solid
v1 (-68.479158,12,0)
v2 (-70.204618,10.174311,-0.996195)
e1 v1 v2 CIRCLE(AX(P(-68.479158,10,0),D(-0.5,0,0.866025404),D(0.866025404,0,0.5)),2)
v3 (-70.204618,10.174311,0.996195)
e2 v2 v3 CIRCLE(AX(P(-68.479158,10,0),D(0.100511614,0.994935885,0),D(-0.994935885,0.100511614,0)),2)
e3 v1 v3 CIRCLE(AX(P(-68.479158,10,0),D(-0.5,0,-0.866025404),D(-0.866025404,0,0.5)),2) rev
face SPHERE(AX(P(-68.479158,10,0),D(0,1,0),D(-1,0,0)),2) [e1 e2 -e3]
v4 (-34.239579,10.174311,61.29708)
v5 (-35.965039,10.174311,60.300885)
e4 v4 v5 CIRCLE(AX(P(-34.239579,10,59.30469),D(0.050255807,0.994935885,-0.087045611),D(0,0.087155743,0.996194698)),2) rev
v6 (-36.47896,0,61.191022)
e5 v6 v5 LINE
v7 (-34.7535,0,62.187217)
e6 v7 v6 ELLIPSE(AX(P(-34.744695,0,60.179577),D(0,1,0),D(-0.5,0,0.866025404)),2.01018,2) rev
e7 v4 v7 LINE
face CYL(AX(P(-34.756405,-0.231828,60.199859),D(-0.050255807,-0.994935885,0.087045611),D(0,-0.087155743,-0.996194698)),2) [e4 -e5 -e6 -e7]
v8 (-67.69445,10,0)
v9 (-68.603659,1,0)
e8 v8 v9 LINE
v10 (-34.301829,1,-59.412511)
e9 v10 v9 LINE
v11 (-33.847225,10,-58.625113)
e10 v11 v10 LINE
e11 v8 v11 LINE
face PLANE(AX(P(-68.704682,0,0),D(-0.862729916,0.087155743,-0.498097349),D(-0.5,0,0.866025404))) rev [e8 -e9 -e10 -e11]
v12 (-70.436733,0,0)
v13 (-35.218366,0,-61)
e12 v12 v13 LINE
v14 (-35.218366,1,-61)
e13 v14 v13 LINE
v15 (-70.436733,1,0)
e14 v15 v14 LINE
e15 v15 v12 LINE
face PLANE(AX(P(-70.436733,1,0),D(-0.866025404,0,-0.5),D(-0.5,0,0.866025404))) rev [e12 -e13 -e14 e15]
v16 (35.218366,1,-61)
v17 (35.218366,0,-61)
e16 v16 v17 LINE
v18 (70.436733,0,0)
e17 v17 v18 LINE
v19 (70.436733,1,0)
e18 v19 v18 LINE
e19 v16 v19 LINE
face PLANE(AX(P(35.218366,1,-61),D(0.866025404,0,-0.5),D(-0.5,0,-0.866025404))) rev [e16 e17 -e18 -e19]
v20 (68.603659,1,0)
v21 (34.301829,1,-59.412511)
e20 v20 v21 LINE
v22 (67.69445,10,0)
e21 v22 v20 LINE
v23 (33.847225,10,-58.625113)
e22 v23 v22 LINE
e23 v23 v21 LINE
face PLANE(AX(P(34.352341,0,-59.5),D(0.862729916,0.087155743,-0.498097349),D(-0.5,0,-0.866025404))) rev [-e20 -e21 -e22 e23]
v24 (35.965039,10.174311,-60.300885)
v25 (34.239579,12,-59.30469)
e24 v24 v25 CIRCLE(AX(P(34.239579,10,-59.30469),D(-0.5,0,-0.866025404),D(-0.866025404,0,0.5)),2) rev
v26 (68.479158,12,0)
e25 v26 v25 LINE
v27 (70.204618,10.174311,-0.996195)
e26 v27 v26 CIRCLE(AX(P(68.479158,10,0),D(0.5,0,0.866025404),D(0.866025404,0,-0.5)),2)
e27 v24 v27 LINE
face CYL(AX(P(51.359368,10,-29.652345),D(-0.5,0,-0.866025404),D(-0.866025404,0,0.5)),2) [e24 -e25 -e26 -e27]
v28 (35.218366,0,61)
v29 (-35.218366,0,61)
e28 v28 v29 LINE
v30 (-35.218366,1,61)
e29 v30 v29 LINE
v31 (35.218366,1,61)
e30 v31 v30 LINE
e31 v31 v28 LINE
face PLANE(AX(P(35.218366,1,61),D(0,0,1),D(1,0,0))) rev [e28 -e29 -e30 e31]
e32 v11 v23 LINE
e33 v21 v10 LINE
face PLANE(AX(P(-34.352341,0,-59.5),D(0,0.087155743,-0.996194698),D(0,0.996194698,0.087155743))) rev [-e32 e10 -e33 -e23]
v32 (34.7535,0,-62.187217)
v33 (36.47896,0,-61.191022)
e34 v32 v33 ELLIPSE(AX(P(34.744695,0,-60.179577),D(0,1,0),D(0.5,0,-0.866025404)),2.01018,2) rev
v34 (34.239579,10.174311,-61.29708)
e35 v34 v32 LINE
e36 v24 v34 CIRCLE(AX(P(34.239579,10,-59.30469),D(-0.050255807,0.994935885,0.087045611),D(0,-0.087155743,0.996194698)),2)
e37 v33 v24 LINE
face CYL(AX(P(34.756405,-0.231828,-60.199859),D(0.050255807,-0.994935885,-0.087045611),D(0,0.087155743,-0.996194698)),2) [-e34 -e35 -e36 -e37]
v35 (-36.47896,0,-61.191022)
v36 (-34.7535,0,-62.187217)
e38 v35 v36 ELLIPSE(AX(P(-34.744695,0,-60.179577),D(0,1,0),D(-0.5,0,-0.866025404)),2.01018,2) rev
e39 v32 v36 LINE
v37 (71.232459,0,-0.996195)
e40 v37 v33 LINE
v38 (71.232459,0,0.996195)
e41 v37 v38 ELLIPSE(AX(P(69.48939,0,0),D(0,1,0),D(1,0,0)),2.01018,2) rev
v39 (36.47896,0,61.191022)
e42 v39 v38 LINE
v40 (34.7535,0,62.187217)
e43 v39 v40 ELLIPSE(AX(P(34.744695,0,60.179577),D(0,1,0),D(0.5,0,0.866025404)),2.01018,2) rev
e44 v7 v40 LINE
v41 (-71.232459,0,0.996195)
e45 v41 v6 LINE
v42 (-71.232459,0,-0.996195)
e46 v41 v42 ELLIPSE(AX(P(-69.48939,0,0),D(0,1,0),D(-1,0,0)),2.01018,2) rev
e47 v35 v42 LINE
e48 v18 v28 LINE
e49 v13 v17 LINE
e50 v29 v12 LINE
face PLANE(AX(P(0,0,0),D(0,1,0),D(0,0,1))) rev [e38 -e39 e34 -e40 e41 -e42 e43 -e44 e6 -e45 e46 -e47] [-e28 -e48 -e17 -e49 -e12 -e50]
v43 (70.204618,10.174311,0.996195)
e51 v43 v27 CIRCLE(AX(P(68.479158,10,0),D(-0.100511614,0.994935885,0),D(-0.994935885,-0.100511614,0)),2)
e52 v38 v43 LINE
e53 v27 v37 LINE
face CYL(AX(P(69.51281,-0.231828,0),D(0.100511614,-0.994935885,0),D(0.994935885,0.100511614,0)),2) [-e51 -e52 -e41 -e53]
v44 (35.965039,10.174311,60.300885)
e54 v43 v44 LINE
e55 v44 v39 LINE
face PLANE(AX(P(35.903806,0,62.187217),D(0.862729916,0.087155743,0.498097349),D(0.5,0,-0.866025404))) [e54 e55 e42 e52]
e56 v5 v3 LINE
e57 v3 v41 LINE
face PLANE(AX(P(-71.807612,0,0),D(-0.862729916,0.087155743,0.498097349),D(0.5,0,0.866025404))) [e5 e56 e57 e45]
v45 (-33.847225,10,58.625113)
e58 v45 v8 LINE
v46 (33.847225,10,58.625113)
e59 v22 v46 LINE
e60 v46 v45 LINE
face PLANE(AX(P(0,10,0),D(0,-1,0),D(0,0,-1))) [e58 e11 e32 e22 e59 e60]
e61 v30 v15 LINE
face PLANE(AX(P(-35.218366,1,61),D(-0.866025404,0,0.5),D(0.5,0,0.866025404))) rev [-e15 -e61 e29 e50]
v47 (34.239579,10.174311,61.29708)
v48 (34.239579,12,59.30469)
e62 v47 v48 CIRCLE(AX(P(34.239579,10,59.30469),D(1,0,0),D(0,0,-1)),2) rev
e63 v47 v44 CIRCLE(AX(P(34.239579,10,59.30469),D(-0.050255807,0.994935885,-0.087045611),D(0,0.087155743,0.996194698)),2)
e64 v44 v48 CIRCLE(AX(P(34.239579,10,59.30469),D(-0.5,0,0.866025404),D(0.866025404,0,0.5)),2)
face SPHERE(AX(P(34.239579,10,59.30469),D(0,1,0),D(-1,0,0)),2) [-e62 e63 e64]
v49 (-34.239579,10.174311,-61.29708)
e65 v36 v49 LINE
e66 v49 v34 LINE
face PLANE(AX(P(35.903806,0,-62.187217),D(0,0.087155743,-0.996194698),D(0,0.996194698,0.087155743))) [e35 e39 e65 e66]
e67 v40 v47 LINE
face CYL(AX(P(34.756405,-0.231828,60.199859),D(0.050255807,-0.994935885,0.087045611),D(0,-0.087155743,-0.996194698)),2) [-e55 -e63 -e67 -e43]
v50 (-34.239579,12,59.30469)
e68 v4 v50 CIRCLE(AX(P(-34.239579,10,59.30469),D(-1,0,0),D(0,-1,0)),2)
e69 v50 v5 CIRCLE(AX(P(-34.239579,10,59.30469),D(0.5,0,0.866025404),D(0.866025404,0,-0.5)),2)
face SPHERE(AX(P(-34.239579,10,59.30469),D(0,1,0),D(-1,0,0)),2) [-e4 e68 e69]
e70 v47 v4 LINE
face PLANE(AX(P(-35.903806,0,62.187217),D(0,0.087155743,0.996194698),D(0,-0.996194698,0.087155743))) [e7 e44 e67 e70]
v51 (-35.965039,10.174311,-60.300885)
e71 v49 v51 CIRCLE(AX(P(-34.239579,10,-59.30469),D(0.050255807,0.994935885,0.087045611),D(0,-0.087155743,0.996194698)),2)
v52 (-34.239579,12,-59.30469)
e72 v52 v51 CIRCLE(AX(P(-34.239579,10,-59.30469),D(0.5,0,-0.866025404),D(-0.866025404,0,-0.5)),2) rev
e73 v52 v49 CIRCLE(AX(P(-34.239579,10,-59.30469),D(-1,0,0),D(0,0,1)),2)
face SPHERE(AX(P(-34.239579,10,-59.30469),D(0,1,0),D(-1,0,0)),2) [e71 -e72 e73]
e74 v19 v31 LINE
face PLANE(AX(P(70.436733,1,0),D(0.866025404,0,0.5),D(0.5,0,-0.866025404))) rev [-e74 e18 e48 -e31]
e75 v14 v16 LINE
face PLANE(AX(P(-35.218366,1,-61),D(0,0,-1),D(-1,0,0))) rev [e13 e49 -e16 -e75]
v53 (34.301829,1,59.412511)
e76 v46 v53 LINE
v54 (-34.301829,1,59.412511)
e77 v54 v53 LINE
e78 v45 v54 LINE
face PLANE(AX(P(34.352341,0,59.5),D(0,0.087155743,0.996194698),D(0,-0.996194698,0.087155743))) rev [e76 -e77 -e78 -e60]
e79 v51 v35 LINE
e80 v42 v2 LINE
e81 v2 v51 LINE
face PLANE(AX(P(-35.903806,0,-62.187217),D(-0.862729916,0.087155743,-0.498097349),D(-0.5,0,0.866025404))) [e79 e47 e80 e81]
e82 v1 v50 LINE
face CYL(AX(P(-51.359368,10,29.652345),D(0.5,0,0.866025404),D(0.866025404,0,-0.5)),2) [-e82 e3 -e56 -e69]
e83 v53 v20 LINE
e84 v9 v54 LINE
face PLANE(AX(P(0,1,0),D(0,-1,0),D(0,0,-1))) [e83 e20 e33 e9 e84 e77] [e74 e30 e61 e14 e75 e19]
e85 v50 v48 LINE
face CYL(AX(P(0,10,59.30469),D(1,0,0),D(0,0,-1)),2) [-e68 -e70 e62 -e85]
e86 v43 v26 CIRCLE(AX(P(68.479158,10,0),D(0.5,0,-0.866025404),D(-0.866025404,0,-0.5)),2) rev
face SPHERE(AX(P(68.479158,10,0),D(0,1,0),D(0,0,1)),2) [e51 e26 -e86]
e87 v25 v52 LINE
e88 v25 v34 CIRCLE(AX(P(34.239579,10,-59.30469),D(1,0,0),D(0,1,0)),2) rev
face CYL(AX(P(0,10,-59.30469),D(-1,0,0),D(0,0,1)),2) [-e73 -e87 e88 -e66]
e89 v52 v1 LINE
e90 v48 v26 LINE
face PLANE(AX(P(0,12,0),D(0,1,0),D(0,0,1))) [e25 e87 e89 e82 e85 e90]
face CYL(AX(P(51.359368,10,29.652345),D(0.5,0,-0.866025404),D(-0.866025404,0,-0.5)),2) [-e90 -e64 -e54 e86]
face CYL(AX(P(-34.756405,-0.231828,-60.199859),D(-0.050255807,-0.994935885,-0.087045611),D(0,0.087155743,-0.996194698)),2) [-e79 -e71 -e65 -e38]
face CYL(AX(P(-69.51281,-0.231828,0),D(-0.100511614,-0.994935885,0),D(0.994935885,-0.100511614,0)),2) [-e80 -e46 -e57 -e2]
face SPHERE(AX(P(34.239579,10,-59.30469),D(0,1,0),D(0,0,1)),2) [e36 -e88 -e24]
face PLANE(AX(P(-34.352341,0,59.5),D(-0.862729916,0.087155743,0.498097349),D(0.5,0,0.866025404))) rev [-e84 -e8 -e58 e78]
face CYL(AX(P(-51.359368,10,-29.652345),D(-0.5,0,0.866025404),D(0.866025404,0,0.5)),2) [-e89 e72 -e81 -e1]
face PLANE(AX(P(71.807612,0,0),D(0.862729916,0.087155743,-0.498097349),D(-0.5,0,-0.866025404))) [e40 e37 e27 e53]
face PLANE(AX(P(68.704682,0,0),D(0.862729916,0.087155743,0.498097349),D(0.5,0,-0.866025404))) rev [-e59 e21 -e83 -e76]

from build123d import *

# Parameters (mm, degrees)
BOSS_EXTRUDE1_DEPTH = 12
BOSS_EXTRUDE1_TAPER = 5
CUT_EXTRUDE1_DEPTH  = 10
CUT_EXTRUDE1_DRAFT  = -5
CUT_EXTRUDE2_DEPTH  = 1
FILLET1_R           = 2


with BuildPart() as part:
    # Sketch1 → Boss-Extrude1 (new body)
    with BuildSketch(Plane(origin=(0, 0, 0), x_dir=(1, 0, 0), z_dir=(0, 1, 0))):
        Polygon((71.807612477, 0), (35.903806238, 62.18721659), (-35.903806238, 62.18721659), (-71.807612477, 0), (-35.903806238, -62.18721659), (35.903806238, -62.18721659), align=None)
    extrude(amount=BOSS_EXTRUDE1_DEPTH, taper=BOSS_EXTRUDE1_TAPER)


with BuildPart() as cut_extrude1_tool:
    # Sketch2 → Cut-Extrude1 (with draft: the straight prism first)
    with BuildSketch(Plane.XZ):
        Polygon((68.704682034, 0), (34.352341017, 59.5), (-34.352341017, 59.5), (-68.704682034, 0), (-34.352341017, -59.5), (34.352341017, -59.5), align=None)
    extrude(amount=-CUT_EXTRUDE1_DEPTH)
    # Cut-Extrude1: the draft: its side faces are tilted about the plane it starts from
    cut_extrude1_sides = [cut_extrude1_tool.faces().sort_by_distance(p)[0] for p in [
        (51.528511525, 5, 29.75),
        (0, 5, 59.5),
        (-51.528511525, 5, 29.75),
        (-51.528511525, 5, -29.75),
        (0, 5, -59.5),
        (51.528511525, 5, -29.75),
    ]]
    draft(cut_extrude1_sides, Plane.XZ, CUT_EXTRUDE1_DRAFT)


with BuildPart() as part_1:
    add(part.part)

    # Cut-Extrude1: cut by cut_extrude1_tool
    add(cut_extrude1_tool.part, mode=Mode.SUBTRACT)

    # Sketch3 → Cut-Extrude2 (cut)
    with BuildSketch(Plane.XZ):
        Polygon((70.436732841, 0), (35.218366421, 61), (-35.218366421, 61), (-70.436732841, 0), (-35.218366421, -61), (35.218366421, -61), align=None)
    extrude(amount=-CUT_EXTRUDE2_DEPTH, mode=Mode.SUBTRACT)

    # Fillet1
    fillet1_edges = [part_1.edges().sort_by_distance(p)[0] for p in [
        (35.600736618, 6, 61.662284609),
        (-35.600736618, 6, 61.662284609),
        (-71.201473236, 6, 0),
        (-35.600736618, 6, -61.662284609),
        (35.600736618, 6, -61.662284609),
        (71.201473236, 6, 0),
        (0, 12, -61.137352628),
        (-52.946500496, 12, -30.568676314),
        (-52.946500496, 12, 30.568676314),
        (0, 12, 61.137352628),
        (52.946500496, 12, 30.568676314),
        (52.946500496, 12, -30.568676314),
    ]]
    fillet(fillet1_edges, radius=FILLET1_R)


solid = part_1.part
